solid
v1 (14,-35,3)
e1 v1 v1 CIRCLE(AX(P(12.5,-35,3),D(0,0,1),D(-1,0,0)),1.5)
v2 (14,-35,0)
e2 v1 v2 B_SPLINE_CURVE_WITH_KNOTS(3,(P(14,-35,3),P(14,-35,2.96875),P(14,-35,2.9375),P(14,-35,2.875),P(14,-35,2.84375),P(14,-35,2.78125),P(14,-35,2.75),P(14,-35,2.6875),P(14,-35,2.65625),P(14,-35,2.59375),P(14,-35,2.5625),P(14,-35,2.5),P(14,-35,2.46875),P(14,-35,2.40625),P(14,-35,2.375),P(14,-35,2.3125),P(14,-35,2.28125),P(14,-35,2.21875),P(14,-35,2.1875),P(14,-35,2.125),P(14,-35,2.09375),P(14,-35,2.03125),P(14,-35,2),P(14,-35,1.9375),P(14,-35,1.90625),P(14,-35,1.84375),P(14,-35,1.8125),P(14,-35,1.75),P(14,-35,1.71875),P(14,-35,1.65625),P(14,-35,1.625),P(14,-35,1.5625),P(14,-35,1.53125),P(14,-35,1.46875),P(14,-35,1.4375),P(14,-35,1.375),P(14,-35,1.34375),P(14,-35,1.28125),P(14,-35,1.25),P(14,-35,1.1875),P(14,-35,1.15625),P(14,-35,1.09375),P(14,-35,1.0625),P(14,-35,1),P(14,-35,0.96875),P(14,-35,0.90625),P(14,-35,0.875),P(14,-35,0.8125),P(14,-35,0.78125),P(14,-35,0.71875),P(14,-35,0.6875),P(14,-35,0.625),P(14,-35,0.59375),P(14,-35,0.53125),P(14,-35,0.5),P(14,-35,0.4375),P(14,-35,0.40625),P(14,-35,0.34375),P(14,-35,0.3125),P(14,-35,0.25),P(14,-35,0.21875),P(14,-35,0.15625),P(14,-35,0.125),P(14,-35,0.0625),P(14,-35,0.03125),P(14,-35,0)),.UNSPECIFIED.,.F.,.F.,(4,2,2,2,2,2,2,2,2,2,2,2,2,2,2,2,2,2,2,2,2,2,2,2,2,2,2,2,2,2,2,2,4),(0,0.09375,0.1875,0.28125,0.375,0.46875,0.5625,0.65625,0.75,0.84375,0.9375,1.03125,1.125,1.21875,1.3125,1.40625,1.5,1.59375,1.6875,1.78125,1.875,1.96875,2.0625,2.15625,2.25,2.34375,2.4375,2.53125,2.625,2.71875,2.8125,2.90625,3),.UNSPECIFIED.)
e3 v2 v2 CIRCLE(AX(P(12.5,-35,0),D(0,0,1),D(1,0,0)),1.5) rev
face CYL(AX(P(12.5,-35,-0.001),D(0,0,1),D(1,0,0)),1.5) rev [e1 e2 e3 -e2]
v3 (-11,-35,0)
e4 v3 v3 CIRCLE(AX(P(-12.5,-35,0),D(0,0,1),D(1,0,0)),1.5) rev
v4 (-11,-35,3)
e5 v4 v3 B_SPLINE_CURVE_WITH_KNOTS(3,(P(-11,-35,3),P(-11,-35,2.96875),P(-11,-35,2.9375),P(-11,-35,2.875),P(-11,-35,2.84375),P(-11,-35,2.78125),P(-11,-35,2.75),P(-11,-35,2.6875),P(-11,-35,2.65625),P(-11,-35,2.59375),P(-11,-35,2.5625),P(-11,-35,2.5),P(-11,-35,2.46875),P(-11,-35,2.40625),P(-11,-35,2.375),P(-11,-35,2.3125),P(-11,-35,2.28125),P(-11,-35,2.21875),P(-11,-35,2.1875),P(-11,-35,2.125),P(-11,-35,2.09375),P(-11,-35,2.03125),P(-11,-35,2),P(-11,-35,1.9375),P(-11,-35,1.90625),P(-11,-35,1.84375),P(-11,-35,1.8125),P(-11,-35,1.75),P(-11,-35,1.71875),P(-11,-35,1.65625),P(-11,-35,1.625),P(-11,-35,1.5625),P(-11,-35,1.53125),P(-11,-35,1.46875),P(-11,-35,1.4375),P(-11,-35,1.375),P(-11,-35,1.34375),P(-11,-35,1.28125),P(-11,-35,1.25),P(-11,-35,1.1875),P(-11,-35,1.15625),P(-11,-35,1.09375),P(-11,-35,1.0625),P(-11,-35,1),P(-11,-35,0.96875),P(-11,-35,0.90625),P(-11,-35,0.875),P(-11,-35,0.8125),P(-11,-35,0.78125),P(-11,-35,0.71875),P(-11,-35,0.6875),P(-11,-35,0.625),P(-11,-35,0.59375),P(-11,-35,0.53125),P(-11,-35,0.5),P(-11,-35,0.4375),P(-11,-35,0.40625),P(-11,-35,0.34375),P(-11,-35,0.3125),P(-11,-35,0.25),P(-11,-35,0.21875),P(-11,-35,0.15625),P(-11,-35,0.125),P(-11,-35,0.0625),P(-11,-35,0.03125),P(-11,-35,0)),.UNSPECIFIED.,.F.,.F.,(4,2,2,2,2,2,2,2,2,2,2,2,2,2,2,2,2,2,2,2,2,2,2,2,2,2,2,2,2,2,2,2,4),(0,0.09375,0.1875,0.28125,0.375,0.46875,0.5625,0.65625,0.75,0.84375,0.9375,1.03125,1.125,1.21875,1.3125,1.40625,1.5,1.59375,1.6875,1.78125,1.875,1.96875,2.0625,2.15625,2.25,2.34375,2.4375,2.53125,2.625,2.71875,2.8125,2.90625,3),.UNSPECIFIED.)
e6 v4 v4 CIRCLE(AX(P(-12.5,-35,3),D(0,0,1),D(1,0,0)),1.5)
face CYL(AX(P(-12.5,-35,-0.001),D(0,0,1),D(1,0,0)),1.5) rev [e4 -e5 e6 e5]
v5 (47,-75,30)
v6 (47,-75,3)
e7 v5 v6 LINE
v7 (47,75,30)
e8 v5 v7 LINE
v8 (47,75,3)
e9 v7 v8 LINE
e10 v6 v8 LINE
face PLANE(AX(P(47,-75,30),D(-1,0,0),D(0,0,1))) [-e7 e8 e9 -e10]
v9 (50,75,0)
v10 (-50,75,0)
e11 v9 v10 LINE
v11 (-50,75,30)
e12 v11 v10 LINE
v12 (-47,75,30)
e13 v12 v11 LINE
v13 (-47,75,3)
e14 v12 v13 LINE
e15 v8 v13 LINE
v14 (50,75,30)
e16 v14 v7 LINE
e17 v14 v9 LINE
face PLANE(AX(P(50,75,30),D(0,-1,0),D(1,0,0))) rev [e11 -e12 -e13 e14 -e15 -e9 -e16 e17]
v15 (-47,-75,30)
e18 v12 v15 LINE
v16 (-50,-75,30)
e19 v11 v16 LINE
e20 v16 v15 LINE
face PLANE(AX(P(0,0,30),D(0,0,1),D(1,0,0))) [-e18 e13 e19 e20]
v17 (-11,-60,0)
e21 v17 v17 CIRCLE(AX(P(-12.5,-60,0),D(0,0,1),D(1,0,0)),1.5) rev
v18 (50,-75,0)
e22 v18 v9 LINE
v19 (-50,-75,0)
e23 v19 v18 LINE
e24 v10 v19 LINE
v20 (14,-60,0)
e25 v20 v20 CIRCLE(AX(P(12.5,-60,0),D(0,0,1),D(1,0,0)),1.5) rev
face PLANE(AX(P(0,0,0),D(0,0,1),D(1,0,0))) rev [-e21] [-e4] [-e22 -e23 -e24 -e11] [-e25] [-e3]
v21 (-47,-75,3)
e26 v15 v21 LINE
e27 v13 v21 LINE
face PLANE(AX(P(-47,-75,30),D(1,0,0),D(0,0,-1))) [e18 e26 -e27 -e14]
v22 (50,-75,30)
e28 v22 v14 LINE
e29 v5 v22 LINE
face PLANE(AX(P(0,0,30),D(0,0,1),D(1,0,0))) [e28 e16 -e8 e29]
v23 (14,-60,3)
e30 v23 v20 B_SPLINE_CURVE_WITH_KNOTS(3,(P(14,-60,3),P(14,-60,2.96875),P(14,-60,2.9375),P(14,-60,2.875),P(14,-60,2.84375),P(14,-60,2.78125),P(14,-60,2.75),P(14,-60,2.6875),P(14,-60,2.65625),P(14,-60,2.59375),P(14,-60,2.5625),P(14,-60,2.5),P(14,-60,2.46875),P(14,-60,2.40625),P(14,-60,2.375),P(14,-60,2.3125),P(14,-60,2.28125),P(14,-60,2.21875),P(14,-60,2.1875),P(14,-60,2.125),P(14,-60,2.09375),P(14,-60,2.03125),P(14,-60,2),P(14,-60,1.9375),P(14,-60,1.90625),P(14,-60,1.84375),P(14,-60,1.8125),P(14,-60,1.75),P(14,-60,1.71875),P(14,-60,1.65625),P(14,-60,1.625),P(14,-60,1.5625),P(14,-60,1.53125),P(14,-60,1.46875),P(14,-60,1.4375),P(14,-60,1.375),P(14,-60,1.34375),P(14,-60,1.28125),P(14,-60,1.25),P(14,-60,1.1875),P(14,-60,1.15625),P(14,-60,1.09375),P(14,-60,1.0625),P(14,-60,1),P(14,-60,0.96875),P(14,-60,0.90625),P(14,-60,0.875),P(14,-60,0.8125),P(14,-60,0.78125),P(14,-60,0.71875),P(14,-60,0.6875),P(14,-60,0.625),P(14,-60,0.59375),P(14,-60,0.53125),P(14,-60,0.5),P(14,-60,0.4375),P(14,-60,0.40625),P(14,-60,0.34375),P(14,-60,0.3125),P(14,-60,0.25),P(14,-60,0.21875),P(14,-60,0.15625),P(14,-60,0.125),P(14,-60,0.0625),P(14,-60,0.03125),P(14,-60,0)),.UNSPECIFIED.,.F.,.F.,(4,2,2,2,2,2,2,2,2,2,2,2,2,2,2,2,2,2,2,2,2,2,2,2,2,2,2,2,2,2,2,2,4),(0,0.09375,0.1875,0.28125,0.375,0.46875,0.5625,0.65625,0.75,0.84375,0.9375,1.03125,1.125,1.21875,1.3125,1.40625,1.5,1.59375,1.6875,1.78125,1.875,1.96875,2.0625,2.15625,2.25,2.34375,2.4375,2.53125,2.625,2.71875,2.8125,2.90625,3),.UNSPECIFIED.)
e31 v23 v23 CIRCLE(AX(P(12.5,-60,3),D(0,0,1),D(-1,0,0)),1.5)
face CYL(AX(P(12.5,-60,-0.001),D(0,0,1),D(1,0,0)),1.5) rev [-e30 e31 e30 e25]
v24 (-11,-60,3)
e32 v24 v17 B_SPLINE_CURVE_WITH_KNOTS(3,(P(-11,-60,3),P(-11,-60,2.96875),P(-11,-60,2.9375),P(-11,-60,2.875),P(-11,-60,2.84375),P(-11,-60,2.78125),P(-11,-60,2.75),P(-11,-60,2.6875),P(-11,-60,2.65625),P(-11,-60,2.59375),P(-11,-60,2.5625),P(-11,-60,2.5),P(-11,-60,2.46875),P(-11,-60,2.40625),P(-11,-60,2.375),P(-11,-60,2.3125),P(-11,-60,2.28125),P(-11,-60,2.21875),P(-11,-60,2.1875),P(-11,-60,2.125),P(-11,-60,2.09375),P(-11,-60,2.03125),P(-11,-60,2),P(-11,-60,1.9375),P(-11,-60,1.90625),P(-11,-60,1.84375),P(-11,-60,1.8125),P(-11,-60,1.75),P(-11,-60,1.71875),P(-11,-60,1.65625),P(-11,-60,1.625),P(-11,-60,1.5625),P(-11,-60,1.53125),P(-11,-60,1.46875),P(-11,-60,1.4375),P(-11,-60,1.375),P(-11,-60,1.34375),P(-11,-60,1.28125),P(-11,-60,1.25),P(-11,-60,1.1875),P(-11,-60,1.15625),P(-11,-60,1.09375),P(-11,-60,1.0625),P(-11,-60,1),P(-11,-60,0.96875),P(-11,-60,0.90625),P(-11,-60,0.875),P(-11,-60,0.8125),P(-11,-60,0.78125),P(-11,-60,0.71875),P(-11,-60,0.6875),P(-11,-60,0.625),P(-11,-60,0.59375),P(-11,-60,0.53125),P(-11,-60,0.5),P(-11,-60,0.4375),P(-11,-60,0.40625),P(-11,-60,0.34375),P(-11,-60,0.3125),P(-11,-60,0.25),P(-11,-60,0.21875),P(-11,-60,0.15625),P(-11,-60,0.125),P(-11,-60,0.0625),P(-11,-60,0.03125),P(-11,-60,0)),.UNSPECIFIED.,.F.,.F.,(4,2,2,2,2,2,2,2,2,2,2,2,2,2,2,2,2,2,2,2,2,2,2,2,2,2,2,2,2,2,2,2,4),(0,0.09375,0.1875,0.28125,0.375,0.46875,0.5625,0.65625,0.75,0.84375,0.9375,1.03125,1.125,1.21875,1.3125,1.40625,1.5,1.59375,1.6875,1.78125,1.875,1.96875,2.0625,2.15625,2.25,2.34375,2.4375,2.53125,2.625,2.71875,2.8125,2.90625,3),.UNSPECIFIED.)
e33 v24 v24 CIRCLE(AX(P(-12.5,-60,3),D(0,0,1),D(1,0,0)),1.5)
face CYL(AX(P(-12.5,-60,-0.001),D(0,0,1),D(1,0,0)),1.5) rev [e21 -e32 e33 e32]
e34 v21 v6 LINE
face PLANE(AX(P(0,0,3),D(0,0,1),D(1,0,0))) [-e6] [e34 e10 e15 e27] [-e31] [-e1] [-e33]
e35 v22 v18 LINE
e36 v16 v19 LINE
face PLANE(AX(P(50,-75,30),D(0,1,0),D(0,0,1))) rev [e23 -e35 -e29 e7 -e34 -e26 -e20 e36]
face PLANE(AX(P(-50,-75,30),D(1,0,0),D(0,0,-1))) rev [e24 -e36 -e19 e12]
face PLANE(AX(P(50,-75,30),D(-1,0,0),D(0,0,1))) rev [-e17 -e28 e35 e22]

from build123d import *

# Parameters (mm, degrees)
SKETCH1_W           = 100
SKETCH1_H           = 150
BOSS_EXTRUDE1_DEPTH = 30
SHELL1_T            = -3
CUT_EXTRUDE2_REACH  = 96.096
SKETCH2_R           = 1.5


with BuildPart() as part:
    # Sketch1 → Boss-Extrude1 (new body)
    with BuildSketch(Plane.XY):
        Rectangle(SKETCH1_W, SKETCH1_H)
    extrude(amount=BOSS_EXTRUDE1_DEPTH)

    # Shell1
    shell1_openings = [part.faces().sort_by_distance(p)[0] for p in [
        (0, 0, 30),
        (0, 75, 15),
        (0, -75, 15),
    ]]
    offset(amount=SHELL1_T, openings=shell1_openings, kind=Kind.INTERSECTION)

    # Sketch2 → Cut-Extrude2 (cut, up to next)
    with BuildSketch(Plane.XY.offset(3), mode=Mode.PRIVATE) as cut_extrude2_sk1:
        with Locations((-12.5, -35)):
            Circle(SKETCH2_R)
    cut_extrude2_tool1 = extrude(cut_extrude2_sk1.sketch, amount=-CUT_EXTRUDE2_REACH, mode=Mode.PRIVATE) & part.part
    # Sketch2 → Cut-Extrude2 (cut, up to next)
    with BuildSketch(Plane.XY.offset(3), mode=Mode.PRIVATE) as cut_extrude2_sk2:
        with Locations((-12.5, -60)):
            Circle(SKETCH2_R)
    cut_extrude2_tool2 = extrude(cut_extrude2_sk2.sketch, amount=-CUT_EXTRUDE2_REACH, mode=Mode.PRIVATE) & part.part
    # Sketch2 → Cut-Extrude2 (cut, up to next)
    with BuildSketch(Plane.XY.offset(3), mode=Mode.PRIVATE) as cut_extrude2_sk3:
        with Locations((12.5, -60)):
            Circle(SKETCH2_R)
    cut_extrude2_tool3 = extrude(cut_extrude2_sk3.sketch, amount=-CUT_EXTRUDE2_REACH, mode=Mode.PRIVATE) & part.part
    # Sketch2 → Cut-Extrude2 (cut, up to next)
    with BuildSketch(Plane.XY.offset(3), mode=Mode.PRIVATE) as cut_extrude2_sk4:
        with Locations((12.5, -35)):
            Circle(SKETCH2_R)
    cut_extrude2_tool4 = extrude(cut_extrude2_sk4.sketch, amount=-CUT_EXTRUDE2_REACH, mode=Mode.PRIVATE) & part.part
    add(cut_extrude2_tool1.solids().sort_by_distance((-12.5, -35, 3))[0], mode=Mode.SUBTRACT)
    add(cut_extrude2_tool2.solids().sort_by_distance((-12.5, -60, 3))[0], mode=Mode.SUBTRACT)
    add(cut_extrude2_tool3.solids().sort_by_distance((12.5, -60, 3))[0], mode=Mode.SUBTRACT)
    add(cut_extrude2_tool4.solids().sort_by_distance((12.5, -35, 3))[0], mode=Mode.SUBTRACT)


solid = part.part
